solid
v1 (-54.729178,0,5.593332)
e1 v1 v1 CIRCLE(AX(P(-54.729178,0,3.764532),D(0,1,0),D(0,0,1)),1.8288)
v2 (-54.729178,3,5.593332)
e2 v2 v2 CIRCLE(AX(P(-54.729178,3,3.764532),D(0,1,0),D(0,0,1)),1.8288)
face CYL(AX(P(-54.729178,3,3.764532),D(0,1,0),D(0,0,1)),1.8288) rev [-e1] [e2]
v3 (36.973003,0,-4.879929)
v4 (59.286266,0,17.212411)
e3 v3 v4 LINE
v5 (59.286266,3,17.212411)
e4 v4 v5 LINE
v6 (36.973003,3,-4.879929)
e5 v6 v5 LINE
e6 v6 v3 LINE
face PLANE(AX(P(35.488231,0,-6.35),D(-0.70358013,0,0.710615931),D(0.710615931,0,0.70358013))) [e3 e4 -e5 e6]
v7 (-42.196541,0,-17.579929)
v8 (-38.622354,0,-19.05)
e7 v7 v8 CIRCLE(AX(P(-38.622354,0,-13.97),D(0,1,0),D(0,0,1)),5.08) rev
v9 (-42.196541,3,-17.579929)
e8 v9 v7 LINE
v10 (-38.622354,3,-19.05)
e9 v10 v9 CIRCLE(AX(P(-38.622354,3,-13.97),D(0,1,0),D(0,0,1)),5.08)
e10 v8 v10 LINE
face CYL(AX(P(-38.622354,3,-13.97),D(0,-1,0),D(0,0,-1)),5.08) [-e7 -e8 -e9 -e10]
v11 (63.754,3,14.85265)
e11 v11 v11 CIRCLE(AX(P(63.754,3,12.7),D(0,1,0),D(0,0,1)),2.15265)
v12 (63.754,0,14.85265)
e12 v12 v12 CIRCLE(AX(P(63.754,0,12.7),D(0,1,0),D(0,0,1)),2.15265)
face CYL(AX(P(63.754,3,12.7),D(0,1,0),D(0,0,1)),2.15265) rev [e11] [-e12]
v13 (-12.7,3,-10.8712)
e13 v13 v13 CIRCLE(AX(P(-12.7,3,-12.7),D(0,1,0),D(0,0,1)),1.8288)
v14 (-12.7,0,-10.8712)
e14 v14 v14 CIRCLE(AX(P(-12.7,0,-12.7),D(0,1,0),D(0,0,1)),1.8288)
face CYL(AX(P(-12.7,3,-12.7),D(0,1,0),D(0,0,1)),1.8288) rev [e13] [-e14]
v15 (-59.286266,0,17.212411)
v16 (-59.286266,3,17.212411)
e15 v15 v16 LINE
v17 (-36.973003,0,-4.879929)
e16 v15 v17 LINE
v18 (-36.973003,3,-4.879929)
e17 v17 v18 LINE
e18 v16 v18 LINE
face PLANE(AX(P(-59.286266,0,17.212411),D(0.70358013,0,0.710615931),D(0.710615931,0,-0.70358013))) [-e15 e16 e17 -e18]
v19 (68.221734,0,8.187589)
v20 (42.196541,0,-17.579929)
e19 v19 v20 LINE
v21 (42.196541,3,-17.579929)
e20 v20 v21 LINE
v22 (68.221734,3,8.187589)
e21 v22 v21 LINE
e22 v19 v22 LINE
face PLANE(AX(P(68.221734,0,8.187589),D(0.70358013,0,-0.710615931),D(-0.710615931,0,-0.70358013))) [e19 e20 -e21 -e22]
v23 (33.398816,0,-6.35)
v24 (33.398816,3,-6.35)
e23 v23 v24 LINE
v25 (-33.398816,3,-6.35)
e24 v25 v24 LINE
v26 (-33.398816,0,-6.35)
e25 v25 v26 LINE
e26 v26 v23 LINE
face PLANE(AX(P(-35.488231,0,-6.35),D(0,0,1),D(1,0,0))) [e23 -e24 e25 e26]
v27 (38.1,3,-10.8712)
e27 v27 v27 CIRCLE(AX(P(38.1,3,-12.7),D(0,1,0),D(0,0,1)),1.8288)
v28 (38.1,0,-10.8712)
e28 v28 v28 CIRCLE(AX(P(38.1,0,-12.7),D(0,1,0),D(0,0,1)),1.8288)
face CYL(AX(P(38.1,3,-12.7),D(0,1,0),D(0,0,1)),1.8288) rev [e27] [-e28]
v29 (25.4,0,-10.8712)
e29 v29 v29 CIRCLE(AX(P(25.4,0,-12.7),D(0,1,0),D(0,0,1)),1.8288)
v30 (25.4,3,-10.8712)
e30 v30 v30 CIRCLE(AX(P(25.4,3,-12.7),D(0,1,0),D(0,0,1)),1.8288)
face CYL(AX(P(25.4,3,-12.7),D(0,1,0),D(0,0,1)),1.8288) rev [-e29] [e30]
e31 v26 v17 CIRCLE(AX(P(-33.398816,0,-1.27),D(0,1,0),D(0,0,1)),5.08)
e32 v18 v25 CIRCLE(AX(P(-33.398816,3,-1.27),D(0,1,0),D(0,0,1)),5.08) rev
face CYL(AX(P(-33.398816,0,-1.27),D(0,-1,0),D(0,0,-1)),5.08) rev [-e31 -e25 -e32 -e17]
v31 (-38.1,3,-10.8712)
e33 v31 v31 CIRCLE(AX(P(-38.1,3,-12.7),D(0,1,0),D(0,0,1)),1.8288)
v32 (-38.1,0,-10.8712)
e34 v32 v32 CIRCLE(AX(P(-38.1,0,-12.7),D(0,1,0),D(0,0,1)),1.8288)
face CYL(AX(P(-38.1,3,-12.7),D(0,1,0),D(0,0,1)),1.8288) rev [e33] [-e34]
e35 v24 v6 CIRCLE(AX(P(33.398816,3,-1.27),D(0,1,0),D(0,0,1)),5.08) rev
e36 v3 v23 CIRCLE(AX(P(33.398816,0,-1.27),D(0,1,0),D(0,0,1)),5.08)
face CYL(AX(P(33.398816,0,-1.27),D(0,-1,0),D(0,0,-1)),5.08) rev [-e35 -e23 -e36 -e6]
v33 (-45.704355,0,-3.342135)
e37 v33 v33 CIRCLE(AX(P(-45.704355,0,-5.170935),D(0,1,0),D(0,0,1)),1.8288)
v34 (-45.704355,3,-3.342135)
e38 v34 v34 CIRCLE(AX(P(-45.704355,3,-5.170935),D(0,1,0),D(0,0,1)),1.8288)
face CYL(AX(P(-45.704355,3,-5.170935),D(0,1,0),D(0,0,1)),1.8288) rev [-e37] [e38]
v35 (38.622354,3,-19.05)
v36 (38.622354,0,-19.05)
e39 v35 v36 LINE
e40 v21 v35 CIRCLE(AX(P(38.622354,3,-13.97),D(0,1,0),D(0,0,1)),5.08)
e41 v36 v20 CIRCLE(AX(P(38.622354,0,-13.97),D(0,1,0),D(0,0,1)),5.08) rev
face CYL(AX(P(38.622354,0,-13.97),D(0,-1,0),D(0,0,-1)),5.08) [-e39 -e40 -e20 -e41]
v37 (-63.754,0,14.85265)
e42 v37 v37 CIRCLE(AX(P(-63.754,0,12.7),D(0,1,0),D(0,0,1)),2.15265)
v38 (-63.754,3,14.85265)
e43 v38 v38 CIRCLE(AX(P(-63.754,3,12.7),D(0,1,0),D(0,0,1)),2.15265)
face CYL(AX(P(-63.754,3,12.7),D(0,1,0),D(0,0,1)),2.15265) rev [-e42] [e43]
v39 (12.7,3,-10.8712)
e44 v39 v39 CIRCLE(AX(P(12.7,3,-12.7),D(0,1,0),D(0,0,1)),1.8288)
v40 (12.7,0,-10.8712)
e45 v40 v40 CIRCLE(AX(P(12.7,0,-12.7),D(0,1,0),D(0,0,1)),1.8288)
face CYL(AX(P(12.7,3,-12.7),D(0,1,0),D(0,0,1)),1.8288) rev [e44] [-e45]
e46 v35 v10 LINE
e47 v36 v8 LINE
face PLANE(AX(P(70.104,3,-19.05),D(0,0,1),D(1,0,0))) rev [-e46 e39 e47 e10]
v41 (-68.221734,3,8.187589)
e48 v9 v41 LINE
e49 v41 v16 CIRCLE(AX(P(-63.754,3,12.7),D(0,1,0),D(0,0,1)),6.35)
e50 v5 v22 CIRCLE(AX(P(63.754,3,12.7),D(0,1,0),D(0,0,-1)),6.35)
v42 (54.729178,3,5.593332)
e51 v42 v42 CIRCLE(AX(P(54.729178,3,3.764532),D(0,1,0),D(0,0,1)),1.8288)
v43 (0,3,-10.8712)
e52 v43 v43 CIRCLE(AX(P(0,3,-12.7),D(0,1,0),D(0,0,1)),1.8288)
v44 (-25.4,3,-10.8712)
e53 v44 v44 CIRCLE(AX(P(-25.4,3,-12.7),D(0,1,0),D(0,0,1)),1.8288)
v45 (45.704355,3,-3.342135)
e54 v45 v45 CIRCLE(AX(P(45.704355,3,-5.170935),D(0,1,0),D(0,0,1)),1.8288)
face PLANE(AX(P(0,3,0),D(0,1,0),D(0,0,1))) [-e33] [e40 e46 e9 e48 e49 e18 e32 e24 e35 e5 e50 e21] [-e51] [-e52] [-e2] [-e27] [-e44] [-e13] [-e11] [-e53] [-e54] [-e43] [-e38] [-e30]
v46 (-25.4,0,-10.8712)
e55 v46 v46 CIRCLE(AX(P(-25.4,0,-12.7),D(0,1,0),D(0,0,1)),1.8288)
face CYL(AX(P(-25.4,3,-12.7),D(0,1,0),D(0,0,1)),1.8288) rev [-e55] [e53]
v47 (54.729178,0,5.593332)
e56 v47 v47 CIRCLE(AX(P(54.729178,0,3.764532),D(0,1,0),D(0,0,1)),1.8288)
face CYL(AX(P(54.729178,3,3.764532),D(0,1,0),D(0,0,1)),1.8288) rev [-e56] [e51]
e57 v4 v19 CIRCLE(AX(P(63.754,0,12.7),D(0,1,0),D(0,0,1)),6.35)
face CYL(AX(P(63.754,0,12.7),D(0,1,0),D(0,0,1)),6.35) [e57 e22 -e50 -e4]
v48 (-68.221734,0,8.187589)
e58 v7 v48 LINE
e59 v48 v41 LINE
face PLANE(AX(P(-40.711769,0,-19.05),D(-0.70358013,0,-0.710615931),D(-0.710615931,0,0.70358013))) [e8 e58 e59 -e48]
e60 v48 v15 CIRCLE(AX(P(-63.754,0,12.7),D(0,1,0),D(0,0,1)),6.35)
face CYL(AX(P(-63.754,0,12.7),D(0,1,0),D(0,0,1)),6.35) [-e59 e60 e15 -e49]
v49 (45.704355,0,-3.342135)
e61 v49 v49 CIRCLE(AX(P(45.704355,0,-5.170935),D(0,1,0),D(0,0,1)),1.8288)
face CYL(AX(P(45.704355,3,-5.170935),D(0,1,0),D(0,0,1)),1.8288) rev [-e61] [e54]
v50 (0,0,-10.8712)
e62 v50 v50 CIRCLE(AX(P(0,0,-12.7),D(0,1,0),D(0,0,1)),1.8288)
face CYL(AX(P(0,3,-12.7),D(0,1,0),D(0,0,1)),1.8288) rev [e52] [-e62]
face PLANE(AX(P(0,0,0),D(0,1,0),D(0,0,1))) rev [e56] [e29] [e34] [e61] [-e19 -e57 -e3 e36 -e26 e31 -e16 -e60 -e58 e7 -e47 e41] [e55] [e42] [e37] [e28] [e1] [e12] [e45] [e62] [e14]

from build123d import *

# Parameters (mm, degrees)
SKETCH1_W             = 140.208
SKETCH1_H             = 38.1
BOSS_EXTRUDE1_DEPTH   = 3
SKETCH2_OUTSIDE_W     = 171.272
SKETCH2_OUTSIDE_H     = 69.164
CUT_EXTRUDE1_DEPTH    = 73.708137894
F_8_CLEARANCE_HOLE1_D = 4.3053
F_6_CLEARANCE_HOLE1_D = 3.6576
FILLET1_R             = 5.08


with BuildPart() as part:
    # Sketch1 → Boss-Extrude1 (new body)
    with BuildSketch(Plane(origin=(0, 0, 0), x_dir=(1, 0, 0), z_dir=(0, 1, 0))):
        Rectangle(SKETCH1_W, SKETCH1_H)
    extrude(amount=BOSS_EXTRUDE1_DEPTH)

    # Sketch2 outside → Cut-Extrude1 (cut, through all)
    with BuildSketch(Plane(origin=(0, 3, 0), x_dir=(1, 0, 0), z_dir=(0, 1, 0))):
        Rectangle(SKETCH2_OUTSIDE_W, SKETCH2_OUTSIDE_H)
        with BuildLine():
            Line((-59.286266177, -17.212411161), (-35.488230904, 6.35))
            Line((-35.488230904, 6.35), (35.488230904, 6.35))
            Line((35.488230904, 6.35), (59.286266177, -17.212411161))
            ThreePointArc((59.286266177, -17.212411161), (68.266411161, -17.167733823), (68.221733823, -8.187588839))
            Line((68.221733823, -8.187588839), (40.711769096, 19.05))
            Line((40.711769096, 19.05), (-40.711769096, 19.05))
            Line((-40.711769096, 19.05), (-68.221733823, -8.187588839))
            ThreePointArc((-68.221733823, -8.187588839), (-68.266411161, -17.167733823), (-59.286266177, -17.212411161))
        make_face(mode=Mode.SUBTRACT)
    extrude(amount=-CUT_EXTRUDE1_DEPTH, mode=Mode.SUBTRACT)

    # #8 Clearance Hole1 (through all)
    with Locations(Plane(origin=(0, 3, 0), x_dir=(1, 0, 0), z_dir=(0, 1, 0))):
        with Locations((-63.754, -12.7), (63.754, -12.7)):
            Hole(F_8_CLEARANCE_HOLE1_D / 2)

    # #6 Clearance Hole1 (through all)
    with Locations(Plane(origin=(0, 3, 0), x_dir=(1, 0, 0), z_dir=(0, 1, 0))):
        with Locations((-54.729177678, -3.764532354), (-45.704355355, 5.170935292), (-38.1, 12.7), (0, 12.7), (38.1, 12.7), (45.704355355, 5.170935292), (54.729177678, -3.764532354), (-25.4, 12.7), (-12.7, 12.7), (12.7, 12.7), (25.4, 12.7)):
            Hole(F_6_CLEARANCE_HOLE1_D / 2)

    # Fillet1
    fillet1_edges = [part.edges().sort_by_distance(p)[0] for p in [
        (-40.711769096, 1.5, -19.05),
        (40.711769096, 1.5, -19.05),
        (35.488230904, 1.5, -6.35),
        (-35.488230904, 1.5, -6.35),
    ]]
    fillet(fillet1_edges, radius=FILLET1_R)


solid = part.part
